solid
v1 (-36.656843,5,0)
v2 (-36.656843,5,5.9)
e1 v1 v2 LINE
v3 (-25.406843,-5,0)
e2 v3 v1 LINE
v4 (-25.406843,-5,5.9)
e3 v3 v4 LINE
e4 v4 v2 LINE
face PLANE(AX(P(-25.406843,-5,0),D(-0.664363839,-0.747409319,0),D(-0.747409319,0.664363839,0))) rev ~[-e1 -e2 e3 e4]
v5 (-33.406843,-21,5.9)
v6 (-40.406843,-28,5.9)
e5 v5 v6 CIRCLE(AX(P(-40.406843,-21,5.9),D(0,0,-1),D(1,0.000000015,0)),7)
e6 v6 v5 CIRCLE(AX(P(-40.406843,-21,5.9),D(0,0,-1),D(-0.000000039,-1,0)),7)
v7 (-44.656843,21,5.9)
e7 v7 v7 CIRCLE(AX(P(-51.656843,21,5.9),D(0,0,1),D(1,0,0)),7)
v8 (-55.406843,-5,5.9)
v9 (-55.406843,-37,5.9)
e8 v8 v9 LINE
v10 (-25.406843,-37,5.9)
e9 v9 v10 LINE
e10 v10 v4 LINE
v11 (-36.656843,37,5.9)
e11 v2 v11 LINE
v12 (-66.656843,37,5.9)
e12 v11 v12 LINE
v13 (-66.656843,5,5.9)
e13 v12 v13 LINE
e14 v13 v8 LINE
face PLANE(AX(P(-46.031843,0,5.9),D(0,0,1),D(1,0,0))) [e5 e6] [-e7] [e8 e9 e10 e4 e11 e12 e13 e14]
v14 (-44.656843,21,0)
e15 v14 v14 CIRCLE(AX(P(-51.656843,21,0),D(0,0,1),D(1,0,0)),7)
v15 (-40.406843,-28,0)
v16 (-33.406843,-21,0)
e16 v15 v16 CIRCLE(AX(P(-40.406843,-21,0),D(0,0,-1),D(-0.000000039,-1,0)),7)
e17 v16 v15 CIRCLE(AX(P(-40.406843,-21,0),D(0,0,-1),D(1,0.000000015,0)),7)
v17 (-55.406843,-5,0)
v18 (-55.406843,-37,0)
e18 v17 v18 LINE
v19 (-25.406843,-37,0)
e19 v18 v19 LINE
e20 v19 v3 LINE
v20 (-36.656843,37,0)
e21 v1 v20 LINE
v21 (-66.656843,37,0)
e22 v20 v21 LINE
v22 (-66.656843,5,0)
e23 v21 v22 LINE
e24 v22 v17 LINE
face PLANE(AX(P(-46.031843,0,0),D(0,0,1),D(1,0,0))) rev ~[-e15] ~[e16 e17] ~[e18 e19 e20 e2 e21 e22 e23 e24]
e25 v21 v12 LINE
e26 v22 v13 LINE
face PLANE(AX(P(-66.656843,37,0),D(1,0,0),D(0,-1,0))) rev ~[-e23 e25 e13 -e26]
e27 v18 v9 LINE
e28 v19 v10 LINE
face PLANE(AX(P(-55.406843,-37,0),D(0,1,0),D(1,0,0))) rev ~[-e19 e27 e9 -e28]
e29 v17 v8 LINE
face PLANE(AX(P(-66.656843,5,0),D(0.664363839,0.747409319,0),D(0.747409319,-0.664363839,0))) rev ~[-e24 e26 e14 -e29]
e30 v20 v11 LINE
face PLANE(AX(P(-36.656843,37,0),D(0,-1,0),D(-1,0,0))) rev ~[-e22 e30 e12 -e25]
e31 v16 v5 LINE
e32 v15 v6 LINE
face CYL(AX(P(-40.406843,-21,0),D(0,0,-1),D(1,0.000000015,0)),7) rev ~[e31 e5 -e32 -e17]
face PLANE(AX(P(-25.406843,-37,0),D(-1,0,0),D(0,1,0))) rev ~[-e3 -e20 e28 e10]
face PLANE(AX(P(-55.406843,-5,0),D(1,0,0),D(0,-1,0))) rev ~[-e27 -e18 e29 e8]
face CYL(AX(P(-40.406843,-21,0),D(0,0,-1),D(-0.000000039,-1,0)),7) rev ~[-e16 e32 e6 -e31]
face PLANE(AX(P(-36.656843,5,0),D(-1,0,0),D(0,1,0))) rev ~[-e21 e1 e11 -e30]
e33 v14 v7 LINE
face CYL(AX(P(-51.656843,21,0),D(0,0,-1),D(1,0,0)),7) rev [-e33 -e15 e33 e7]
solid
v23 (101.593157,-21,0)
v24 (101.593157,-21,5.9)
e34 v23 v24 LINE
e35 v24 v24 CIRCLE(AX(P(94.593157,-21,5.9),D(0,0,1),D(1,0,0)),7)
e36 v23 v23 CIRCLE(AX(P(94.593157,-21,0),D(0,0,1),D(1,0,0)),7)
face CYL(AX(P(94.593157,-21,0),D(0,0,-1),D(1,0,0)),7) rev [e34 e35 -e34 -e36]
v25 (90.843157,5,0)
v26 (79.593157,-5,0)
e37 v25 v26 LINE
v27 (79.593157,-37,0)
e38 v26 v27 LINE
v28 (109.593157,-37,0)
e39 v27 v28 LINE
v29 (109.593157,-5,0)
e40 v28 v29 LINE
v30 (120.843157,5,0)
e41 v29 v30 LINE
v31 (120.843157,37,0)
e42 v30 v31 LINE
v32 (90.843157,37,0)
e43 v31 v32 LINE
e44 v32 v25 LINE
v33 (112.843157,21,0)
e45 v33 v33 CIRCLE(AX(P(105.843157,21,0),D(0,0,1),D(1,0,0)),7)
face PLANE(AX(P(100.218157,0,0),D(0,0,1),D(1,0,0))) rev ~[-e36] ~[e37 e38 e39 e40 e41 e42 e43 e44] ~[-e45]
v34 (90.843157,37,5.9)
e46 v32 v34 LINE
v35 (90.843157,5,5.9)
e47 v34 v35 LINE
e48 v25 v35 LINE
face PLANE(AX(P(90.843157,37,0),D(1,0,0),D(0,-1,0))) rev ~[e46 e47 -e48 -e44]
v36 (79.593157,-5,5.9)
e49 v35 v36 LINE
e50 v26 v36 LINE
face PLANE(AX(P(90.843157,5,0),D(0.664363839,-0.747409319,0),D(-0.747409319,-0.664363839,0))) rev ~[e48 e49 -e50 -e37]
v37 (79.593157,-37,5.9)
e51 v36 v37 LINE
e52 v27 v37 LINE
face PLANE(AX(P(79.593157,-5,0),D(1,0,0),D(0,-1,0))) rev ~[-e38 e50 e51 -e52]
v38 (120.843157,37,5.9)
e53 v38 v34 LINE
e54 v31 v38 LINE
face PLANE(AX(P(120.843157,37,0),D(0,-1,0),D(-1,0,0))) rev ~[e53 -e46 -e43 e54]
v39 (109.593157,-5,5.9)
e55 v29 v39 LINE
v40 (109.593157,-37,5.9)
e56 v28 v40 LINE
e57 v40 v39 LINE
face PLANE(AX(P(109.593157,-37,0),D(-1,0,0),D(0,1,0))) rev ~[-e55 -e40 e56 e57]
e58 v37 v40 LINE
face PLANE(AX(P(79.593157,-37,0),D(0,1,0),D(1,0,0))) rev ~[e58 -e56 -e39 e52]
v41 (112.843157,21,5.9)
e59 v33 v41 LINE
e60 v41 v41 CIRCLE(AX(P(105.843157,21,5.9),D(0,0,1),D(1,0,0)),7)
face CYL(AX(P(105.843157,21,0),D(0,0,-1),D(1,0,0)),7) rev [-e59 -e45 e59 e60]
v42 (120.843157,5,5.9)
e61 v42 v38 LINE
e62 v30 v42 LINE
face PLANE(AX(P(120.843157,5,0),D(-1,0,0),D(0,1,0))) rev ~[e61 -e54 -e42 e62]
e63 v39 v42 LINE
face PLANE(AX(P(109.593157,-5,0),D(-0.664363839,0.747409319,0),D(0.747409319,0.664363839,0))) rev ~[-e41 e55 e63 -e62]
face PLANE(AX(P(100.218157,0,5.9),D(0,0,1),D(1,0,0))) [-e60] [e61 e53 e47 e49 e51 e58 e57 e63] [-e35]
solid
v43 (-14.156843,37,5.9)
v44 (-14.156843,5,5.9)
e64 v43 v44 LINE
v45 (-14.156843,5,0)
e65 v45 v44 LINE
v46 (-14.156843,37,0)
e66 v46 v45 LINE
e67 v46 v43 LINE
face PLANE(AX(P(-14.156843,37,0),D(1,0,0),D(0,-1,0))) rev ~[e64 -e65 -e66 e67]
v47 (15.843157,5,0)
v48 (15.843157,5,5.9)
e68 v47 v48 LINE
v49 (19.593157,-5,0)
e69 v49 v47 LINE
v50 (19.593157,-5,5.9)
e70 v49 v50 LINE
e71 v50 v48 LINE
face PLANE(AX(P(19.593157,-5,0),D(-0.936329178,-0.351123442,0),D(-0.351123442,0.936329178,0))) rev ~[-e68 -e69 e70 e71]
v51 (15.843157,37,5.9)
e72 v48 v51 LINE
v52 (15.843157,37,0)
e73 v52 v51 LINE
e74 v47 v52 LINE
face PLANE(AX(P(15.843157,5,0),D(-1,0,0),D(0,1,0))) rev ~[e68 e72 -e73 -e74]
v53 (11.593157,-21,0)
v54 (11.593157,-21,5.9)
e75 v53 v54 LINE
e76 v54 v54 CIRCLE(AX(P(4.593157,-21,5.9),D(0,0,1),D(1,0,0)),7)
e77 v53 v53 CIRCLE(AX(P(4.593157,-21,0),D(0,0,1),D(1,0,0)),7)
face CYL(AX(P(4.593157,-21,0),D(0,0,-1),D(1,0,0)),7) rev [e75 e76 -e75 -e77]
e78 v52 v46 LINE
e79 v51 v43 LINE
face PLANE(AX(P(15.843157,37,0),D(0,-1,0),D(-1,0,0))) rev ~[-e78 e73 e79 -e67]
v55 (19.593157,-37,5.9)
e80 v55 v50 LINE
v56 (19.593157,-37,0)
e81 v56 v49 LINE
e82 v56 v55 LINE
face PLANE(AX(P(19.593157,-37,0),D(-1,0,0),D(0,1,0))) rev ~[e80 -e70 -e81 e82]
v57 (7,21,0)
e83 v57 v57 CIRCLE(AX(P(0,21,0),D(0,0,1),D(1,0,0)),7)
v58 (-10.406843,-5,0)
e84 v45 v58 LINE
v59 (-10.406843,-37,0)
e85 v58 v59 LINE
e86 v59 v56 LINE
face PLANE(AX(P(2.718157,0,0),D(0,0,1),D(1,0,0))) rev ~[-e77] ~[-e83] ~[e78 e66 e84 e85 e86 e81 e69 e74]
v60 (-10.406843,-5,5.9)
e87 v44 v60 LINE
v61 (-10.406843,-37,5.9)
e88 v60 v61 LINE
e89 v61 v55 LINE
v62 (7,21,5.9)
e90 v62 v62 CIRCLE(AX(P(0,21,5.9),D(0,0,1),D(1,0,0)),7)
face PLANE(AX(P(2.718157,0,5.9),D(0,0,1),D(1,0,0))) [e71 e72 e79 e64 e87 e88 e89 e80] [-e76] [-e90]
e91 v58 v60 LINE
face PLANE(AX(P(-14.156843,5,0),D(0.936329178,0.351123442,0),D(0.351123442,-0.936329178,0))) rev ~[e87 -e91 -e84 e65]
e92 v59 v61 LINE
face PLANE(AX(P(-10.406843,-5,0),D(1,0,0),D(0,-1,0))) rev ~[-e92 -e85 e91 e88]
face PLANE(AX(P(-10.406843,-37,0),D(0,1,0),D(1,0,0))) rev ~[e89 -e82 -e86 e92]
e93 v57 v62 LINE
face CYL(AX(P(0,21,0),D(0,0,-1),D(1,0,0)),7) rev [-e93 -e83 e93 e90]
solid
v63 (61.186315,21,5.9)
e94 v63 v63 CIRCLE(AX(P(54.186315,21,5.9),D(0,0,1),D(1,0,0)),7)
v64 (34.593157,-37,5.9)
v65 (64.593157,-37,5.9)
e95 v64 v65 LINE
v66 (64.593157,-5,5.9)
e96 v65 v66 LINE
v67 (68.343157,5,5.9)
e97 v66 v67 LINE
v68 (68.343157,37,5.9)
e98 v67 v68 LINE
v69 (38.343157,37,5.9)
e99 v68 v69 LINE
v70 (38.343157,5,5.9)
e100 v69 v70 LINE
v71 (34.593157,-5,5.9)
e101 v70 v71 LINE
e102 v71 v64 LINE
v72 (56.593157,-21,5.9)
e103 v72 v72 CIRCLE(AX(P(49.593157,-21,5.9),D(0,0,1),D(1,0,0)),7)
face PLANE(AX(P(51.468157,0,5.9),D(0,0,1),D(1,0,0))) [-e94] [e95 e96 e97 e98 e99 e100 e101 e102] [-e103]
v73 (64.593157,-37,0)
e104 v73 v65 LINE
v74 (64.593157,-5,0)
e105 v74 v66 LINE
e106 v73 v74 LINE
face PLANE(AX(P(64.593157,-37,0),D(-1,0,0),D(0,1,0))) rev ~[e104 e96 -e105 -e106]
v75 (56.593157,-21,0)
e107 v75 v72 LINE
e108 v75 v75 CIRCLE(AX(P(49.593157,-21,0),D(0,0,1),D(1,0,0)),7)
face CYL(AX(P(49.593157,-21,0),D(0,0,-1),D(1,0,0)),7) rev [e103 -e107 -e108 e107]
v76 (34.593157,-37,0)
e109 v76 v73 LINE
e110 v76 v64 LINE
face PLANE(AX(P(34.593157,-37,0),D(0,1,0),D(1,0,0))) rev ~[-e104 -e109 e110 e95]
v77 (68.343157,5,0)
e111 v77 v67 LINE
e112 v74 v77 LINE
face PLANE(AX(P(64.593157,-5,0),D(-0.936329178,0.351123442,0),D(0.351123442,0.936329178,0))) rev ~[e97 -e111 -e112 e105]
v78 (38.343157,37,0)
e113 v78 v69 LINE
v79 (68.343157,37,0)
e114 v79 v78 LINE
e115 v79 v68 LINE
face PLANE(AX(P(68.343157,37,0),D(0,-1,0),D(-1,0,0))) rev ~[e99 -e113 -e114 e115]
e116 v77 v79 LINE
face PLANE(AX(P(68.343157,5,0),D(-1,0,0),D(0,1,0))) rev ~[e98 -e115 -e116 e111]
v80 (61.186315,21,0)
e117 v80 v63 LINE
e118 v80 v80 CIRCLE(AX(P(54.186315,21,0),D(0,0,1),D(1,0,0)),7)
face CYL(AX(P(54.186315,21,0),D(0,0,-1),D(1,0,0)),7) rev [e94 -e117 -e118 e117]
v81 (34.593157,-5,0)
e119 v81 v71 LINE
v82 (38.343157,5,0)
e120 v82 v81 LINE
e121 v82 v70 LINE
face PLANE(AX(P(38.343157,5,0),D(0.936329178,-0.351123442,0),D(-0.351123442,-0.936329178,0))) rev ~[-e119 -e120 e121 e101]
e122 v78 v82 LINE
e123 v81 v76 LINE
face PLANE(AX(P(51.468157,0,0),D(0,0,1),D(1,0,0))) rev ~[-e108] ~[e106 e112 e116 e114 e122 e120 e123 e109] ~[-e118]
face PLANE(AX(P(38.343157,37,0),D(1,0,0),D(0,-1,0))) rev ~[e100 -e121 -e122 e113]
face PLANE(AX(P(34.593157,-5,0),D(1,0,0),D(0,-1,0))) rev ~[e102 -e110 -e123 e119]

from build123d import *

# Parameters (mm, degrees)
F0_R     = 7
F1_DEPTH = 5.9


with BuildPart() as f1:
    # F0 (on Top) → F1 (new body)
    with BuildSketch(Plane.XY):
        Polygon((-36.656843, 5), (-36.656843, 37), (-66.656843, 37), (-66.656843, 5), (-55.406843, -5), (-55.406843, -37), (-40.406843, -37), (-25.406843, -37), (-25.406843, -5), align=None)
        with BuildLine():
            ThreePointArc((-33.406843, -21), (-35.457095, -25.949747), (-40.406843, -28))
            ThreePointArc((-40.406843, -28), (-45.35659, -16.050253), (-33.406843, -21))
        make_face(mode=Mode.SUBTRACT)
        with Locations((-51.656843, 21)):
            Circle(F0_R, mode=Mode.SUBTRACT)
        Polygon((15.843157, 5), (15.843157, 37), (-14.156843, 37), (-14.156843, 5), (-10.406843, -5), (-10.406843, -37), (19.593157, -37), (19.593157, -5), align=None)
        with Locations((4.593157, -21)):
            Circle(F0_R, mode=Mode.SUBTRACT)
        with Locations((0, 21)):
            Circle(F0_R, mode=Mode.SUBTRACT)
        Polygon((68.343157, 5), (68.343157, 37), (38.343157, 37), (38.343157, 5), (34.593157, -5), (34.593157, -37), (64.593157, -37), (64.593157, -5), align=None)
        with Locations((49.593157, -21)):
            Circle(F0_R, mode=Mode.SUBTRACT)
        with Locations((54.186315, 21)):
            Circle(F0_R, mode=Mode.SUBTRACT)
        Polygon((120.843157, 37), (90.843157, 37), (90.843157, 5), (79.593157, -5), (79.593157, -37), (109.593157, -37), (109.593157, -5), (120.843157, 5), align=None)
        with Locations((94.593157, -21)):
            Circle(F0_R, mode=Mode.SUBTRACT)
        with Locations((105.843157, 21)):
            Circle(F0_R, mode=Mode.SUBTRACT)
    extrude(amount=F1_DEPTH)


solid = f1.part
